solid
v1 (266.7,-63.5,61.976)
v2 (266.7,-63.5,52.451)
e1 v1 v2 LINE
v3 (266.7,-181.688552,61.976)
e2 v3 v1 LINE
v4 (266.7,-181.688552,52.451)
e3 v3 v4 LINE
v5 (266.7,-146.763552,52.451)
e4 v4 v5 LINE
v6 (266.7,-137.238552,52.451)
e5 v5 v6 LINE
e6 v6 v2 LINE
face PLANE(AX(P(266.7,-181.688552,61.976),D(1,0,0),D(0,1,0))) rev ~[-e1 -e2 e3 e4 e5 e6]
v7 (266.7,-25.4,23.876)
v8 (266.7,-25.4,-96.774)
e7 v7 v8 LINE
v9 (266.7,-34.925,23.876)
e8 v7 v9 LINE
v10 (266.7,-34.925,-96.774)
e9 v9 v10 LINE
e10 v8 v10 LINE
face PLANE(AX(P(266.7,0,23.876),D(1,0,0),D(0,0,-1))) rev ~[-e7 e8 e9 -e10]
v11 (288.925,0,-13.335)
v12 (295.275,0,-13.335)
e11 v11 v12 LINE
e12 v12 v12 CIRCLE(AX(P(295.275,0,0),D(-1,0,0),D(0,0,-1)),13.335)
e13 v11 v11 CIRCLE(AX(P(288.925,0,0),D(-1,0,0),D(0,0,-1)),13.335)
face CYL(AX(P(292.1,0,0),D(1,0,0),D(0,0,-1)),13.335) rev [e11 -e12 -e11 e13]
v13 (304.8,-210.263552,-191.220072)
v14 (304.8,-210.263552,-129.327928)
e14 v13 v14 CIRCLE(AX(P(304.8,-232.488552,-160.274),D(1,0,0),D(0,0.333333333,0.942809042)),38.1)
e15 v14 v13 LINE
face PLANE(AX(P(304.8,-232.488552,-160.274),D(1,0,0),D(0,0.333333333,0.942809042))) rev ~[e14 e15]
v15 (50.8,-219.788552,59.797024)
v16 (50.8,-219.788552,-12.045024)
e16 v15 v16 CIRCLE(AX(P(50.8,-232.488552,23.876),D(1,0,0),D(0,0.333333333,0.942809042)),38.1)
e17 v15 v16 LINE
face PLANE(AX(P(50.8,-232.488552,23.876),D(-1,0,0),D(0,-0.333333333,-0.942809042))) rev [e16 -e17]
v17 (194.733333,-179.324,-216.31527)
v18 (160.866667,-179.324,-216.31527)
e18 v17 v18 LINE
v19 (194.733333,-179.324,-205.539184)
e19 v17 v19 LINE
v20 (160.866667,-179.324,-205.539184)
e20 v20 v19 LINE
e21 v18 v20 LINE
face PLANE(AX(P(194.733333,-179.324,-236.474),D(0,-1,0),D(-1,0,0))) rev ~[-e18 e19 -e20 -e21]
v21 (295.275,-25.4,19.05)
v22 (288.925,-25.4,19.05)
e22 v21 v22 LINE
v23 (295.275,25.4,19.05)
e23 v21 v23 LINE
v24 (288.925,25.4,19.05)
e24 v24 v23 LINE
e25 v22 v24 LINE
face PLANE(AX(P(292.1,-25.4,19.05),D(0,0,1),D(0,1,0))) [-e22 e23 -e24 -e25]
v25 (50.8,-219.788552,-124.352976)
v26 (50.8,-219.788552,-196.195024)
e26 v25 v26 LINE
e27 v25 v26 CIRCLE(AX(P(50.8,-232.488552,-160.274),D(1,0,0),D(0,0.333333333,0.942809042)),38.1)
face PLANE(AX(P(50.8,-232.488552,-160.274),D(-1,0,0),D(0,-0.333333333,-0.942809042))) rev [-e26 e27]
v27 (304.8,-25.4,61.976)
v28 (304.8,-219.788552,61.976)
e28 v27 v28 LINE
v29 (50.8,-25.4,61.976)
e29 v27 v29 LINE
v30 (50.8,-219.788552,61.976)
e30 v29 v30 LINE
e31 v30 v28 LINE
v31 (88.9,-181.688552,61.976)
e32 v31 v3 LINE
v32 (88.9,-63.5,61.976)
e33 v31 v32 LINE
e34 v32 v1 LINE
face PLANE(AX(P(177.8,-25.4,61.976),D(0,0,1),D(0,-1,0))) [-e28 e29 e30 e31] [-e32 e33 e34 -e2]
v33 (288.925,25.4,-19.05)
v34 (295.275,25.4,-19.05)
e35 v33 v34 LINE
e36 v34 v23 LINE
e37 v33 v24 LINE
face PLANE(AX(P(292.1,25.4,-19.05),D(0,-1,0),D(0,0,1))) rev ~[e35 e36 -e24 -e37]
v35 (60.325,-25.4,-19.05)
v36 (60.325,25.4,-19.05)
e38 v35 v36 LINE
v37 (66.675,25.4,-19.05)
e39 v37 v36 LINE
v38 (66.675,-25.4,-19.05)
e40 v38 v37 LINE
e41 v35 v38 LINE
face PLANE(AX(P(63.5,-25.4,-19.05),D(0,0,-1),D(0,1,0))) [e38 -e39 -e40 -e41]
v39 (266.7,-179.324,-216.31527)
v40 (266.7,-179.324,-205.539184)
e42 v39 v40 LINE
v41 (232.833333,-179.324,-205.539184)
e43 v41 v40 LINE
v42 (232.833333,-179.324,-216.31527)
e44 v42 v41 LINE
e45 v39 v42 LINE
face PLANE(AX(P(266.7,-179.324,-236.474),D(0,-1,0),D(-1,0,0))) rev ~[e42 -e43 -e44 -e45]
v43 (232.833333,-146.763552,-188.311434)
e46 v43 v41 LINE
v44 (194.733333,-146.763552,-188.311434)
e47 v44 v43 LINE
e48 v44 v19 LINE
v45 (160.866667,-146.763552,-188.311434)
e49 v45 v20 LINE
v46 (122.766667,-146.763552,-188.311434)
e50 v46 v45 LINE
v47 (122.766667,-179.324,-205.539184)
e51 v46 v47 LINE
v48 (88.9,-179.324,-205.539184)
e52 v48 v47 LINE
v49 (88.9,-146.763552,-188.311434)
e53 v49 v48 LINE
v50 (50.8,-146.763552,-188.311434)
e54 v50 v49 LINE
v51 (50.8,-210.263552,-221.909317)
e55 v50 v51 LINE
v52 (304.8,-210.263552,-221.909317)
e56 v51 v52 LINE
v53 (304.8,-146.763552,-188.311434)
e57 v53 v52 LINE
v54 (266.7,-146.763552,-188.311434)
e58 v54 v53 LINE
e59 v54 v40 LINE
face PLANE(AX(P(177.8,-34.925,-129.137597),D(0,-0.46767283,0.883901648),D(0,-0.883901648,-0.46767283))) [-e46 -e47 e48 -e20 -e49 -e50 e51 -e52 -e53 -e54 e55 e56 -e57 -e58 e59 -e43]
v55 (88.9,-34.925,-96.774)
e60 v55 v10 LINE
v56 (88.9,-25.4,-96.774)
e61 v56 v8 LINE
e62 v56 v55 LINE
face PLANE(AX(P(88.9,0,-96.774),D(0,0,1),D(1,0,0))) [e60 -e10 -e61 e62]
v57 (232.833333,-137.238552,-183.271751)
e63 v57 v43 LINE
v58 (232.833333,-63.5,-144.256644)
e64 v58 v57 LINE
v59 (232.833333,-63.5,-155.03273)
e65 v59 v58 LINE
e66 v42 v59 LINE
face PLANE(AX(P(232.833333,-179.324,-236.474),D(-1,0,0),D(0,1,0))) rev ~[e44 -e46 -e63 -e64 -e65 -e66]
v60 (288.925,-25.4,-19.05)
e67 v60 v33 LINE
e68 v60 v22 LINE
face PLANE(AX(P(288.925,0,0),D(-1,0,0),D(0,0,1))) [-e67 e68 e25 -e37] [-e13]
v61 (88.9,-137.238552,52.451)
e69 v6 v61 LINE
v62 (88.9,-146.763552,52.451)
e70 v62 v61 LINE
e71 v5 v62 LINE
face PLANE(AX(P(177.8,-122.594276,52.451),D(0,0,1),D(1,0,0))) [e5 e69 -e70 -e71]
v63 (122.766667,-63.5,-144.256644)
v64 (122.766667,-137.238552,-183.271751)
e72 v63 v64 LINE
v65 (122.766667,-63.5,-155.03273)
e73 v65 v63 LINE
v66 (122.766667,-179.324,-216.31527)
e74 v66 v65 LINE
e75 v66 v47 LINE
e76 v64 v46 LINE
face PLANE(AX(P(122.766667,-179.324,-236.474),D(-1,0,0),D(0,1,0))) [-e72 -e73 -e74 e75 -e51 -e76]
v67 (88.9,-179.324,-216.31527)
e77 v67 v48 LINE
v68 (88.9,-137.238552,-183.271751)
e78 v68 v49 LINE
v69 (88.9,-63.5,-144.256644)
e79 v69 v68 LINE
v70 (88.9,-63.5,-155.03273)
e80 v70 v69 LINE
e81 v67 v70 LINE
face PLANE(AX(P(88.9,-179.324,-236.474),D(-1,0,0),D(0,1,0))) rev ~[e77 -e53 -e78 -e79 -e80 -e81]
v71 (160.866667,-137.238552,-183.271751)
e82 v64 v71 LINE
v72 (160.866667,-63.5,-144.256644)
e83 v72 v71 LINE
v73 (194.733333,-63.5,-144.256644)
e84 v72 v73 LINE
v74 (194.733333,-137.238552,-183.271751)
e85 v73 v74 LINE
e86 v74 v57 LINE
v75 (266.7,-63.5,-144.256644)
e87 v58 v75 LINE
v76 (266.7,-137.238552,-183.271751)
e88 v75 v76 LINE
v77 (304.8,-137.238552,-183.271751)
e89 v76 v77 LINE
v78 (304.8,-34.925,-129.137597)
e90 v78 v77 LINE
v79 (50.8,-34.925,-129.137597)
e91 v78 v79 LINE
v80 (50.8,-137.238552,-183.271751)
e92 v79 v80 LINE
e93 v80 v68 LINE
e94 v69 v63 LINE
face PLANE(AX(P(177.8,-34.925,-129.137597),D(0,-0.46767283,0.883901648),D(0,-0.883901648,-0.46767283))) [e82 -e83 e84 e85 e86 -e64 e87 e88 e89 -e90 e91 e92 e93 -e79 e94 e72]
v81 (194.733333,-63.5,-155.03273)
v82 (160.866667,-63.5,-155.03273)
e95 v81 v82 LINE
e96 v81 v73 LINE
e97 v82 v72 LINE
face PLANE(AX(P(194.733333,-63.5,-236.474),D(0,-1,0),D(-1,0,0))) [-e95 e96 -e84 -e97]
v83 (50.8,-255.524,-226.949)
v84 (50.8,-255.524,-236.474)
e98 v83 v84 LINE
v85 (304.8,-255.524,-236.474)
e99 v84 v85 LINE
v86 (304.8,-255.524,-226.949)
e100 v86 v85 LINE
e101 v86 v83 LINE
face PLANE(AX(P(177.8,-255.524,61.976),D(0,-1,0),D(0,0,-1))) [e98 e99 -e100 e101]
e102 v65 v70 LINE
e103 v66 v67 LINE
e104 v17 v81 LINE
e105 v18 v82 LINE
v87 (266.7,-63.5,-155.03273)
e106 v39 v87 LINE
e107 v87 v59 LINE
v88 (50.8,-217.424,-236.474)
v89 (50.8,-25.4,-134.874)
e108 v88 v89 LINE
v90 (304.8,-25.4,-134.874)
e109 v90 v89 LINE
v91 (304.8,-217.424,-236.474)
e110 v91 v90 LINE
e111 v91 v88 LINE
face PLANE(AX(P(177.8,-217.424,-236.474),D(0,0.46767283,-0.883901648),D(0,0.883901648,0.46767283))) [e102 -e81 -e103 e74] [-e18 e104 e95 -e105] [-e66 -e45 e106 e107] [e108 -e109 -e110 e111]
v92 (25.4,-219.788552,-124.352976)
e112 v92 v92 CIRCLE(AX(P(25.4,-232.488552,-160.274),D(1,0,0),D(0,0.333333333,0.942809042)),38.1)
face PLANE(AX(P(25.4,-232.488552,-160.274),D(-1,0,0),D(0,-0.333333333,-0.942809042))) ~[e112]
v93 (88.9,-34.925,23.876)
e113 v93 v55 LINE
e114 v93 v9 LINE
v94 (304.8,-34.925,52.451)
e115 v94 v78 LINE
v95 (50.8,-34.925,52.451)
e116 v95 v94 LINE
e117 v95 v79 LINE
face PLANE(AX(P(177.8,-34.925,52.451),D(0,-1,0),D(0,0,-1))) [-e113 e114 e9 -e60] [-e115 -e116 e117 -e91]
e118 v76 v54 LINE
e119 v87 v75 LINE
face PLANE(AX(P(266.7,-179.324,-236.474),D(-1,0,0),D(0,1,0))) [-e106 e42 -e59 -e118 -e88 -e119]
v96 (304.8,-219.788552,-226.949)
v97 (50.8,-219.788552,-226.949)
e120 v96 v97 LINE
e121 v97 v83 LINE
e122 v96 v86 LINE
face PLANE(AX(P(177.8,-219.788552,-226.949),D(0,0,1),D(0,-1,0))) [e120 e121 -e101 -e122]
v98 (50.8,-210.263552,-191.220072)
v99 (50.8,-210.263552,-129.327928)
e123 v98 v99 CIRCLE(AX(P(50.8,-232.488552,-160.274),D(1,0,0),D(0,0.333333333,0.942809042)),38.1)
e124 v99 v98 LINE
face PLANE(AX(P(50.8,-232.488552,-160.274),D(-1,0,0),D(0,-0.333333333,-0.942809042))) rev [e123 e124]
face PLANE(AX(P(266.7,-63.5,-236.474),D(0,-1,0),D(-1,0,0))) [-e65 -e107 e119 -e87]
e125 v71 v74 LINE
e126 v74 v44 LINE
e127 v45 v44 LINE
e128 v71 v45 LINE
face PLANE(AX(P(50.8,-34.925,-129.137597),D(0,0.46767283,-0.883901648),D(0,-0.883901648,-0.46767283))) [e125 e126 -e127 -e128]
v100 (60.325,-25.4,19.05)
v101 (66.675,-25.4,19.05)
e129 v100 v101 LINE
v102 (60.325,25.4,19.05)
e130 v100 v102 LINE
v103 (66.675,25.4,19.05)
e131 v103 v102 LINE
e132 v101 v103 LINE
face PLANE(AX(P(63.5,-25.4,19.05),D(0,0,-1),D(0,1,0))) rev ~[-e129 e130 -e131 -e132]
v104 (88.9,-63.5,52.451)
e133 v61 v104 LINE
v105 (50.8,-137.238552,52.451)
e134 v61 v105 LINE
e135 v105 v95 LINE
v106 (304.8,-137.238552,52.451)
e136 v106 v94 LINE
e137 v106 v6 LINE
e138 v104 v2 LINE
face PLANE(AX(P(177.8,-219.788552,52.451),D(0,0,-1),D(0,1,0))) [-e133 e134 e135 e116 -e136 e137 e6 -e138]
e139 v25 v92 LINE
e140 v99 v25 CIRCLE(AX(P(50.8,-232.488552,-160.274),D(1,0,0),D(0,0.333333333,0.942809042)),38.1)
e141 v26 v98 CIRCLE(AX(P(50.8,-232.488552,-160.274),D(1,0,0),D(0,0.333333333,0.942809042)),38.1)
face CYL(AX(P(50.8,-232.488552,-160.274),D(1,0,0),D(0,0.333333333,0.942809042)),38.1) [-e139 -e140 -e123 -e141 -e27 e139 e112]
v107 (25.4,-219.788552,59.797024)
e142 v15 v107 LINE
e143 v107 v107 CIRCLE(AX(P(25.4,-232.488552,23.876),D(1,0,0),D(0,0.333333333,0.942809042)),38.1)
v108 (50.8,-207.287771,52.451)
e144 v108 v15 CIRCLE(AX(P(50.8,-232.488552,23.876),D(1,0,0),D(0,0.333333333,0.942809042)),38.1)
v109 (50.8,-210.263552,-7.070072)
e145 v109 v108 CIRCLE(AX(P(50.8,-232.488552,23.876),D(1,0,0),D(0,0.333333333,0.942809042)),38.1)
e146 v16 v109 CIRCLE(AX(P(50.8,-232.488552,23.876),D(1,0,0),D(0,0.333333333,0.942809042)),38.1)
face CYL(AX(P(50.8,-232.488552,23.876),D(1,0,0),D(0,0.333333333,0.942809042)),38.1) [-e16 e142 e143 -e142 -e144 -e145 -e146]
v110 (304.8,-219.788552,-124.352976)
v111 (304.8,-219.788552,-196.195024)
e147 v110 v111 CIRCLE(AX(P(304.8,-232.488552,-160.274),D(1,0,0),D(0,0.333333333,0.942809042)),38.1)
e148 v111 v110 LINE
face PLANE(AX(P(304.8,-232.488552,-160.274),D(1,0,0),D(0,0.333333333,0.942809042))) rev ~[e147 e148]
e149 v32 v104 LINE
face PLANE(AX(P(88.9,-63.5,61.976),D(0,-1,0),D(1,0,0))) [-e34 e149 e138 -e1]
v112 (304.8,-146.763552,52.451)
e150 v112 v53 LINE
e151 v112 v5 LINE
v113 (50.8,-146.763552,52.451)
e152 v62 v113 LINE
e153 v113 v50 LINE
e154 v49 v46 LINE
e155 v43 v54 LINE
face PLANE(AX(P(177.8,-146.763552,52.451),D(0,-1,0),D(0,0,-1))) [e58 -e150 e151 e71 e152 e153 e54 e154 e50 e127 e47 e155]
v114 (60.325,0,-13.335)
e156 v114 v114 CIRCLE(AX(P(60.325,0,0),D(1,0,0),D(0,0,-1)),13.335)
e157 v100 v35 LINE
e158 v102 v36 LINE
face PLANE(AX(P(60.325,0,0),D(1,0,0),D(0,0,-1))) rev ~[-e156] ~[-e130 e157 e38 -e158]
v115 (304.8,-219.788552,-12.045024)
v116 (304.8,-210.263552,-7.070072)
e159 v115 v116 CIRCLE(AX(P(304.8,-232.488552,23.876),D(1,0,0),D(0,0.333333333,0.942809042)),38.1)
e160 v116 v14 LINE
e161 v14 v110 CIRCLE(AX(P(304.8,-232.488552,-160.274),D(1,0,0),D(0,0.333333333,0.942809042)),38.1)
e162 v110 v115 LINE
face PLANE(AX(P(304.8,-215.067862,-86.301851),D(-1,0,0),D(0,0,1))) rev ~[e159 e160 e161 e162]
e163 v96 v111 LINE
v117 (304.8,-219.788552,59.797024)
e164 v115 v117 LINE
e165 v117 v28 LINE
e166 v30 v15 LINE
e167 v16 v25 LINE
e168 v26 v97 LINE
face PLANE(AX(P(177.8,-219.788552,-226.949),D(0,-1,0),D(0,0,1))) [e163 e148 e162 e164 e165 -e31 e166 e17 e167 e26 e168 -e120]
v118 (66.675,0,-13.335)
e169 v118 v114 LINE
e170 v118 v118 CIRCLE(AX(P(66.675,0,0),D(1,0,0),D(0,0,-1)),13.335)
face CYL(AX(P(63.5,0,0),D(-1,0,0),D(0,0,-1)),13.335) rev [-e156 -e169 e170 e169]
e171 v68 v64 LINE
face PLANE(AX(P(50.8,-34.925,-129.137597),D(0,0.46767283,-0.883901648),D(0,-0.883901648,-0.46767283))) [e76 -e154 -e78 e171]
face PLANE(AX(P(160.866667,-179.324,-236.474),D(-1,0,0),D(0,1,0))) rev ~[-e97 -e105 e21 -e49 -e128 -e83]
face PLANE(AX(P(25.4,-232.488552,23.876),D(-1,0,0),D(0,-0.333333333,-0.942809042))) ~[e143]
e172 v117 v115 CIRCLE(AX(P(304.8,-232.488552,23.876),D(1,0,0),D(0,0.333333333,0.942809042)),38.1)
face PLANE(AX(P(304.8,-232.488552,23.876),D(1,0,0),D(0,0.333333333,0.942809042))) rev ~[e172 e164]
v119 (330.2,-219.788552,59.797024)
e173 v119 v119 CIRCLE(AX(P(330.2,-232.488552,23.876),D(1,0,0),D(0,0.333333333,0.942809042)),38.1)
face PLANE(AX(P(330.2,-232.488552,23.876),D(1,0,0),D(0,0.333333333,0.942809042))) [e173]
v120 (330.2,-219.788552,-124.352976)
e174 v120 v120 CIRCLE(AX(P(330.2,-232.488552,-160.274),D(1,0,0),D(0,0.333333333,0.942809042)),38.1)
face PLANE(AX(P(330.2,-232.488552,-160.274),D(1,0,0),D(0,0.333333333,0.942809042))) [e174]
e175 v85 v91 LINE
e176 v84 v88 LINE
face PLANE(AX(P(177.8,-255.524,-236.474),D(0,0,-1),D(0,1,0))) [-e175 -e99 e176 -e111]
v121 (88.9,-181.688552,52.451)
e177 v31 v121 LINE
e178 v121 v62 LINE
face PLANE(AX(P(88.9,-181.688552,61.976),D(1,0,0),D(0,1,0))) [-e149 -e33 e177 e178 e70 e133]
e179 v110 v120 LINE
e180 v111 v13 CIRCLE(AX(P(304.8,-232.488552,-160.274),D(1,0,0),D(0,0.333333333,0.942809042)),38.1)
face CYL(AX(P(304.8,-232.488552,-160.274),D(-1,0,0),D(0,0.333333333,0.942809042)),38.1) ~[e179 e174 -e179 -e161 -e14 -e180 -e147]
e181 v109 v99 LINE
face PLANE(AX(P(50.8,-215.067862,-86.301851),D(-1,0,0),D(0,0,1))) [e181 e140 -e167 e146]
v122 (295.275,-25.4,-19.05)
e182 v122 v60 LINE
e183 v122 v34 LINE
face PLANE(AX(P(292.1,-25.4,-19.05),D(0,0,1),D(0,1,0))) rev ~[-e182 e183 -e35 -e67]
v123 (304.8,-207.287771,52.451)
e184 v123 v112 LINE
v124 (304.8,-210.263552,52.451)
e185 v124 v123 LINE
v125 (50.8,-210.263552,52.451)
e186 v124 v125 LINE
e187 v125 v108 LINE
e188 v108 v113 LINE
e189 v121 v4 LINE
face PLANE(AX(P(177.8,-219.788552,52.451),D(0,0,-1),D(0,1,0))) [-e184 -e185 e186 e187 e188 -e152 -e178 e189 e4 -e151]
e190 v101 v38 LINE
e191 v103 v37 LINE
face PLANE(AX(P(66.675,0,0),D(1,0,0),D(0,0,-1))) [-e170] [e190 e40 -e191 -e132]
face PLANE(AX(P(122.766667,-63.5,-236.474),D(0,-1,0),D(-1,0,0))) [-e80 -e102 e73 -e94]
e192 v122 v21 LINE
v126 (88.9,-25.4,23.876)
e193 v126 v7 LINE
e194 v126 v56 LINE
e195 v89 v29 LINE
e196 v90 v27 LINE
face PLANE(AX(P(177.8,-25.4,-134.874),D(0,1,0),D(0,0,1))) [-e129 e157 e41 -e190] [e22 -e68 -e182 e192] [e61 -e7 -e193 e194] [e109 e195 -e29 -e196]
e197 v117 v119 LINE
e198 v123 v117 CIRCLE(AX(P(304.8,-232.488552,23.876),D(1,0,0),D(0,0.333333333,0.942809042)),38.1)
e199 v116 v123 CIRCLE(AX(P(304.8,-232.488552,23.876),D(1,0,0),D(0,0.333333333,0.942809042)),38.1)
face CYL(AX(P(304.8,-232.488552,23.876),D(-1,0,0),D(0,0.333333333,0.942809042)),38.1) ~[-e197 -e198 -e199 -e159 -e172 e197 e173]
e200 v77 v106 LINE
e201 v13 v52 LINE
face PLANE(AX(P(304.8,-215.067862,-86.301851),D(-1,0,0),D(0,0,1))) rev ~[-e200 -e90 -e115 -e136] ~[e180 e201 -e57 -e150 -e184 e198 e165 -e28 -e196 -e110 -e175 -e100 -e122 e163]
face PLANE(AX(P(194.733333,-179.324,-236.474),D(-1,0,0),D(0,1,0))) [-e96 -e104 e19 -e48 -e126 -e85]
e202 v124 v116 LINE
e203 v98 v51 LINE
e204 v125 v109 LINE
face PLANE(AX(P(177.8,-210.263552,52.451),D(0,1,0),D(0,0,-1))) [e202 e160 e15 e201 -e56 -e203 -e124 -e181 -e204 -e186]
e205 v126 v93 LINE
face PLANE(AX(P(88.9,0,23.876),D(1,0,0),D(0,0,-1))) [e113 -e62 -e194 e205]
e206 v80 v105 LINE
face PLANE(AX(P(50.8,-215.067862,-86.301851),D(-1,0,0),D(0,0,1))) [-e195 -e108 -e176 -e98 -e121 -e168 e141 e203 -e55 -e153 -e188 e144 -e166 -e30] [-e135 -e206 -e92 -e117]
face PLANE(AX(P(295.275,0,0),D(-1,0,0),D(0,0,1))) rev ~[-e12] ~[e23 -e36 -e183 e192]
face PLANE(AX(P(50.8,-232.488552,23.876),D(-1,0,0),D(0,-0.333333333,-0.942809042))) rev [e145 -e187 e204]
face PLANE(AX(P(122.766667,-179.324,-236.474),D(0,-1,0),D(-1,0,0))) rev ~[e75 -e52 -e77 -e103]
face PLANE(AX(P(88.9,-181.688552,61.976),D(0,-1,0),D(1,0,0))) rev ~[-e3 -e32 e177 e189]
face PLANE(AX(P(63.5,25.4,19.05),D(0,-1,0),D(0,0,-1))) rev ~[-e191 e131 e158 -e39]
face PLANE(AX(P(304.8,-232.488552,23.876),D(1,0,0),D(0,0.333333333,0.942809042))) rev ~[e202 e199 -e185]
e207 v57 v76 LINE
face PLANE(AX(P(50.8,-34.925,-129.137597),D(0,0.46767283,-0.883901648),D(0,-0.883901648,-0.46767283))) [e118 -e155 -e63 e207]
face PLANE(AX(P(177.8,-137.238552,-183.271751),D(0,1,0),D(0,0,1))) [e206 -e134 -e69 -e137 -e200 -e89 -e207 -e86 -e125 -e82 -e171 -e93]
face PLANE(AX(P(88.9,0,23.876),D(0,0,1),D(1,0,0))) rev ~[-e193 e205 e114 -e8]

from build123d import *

# Parameters (mm, degrees)
SKETCH2_W           = 38.1
SKETCH2_H           = 50.8
SKETCH2_R           = 13.335
BOSS_EXTRUDE2_DEPTH = 3.175
SKETCH4_W           = 38.1
SKETCH4_H           = 50.8
SKETCH4_R           = 13.335
BOSS_EXTRUDE3_DEPTH = 3.175
BOSS_EXTRUDE4_DEPTH = 127
CUT_EXTRUDE3_DEPTH  = 127
BOSS_EXTRUDE7_DEPTH = 127
SKETCH16_R          = 38.1
BOSS_EXTRUDE8_DEPTH = 25.4
CUT_EXTRUDE6_REACH  = 522.886
SKETCH19_W          = 33.866666667
SKETCH19_H          = 115.824
SKETCH19_W_2        = 33.866666666
SKETCH20_W          = 177.8
SKETCH20_H          = 120.65
CUT_EXTRUDE7_DEPTH  = 34.925
SKETCH22_W          = 177.8
SKETCH22_H          = 118.188552156
CUT_EXTRUDE8_DEPTH  = 9.525


with BuildPart() as part:
    # Sketch2 → Boss-Extrude2 (new, symmetric)
    with BuildSketch(Plane(origin=(63.5, 0, 0), x_dir=(0, 0, -1), z_dir=(1, 0, 0))):
        Rectangle(SKETCH2_W, SKETCH2_H)
        Circle(SKETCH2_R, mode=Mode.SUBTRACT)
    extrude(amount=BOSS_EXTRUDE2_DEPTH, both=True)



with BuildPart() as body_2:
    # Sketch4 → Boss-Extrude3 (new, symmetric)
    with BuildSketch(Plane(origin=(292.1, 0, -263.652), x_dir=(0, 0, 1), z_dir=(-1, 0, 0))):
        with Locations((263.652, 0)):
            Rectangle(SKETCH4_W, SKETCH4_H)
        with Locations(Location((263.652, 0, 0), (0, 0, 180))):
            Circle(SKETCH4_R, mode=Mode.SUBTRACT)
    extrude(amount=BOSS_EXTRUDE3_DEPTH, both=True)


with BuildPart() as part_1:
    add(part.part)

    add(body_2.part)  # Boss-Extrude4 merges body 2
    # Sketch6 → Boss-Extrude4 (add, symmetric)
    with BuildSketch(Plane(origin=(177.8, 0, 0), x_dir=(0, 0, -1), z_dir=(1, 0, 0))):
        Polygon((-19.05, -25.4), (-61.976, -25.4), (-61.976, -255.524), (236.474, -255.524), (236.474, -217.424), (134.874, -25.4), (19.05, -25.4), align=None)
    extrude(amount=BOSS_EXTRUDE4_DEPTH, both=True)

    # Sketch13 → Cut-Extrude3 (cut, symmetric)
    with BuildSketch(Plane(origin=(177.8, 0, 0), x_dir=(0, 0, -1), z_dir=(1, 0, 0))):
        Polygon((-52.451, -34.925), (129.137596743, -34.925), (226.949, -219.788552156), (226.949, -255.524), (-61.976, -255.524), (-61.976, -219.788552156), (-52.451, -219.788552156), align=None)
    extrude(amount=CUT_EXTRUDE3_DEPTH, both=True, mode=Mode.SUBTRACT)

    # Sketch14 → Boss-Extrude7 (add, symmetric)
    with BuildSketch(Plane(origin=(177.8, 0, 0), x_dir=(0, 0, -1), z_dir=(1, 0, 0))):
        Polygon((226.949, -219.788552156), (-52.451, -219.788552156), (-52.451, -210.263552156), (221.90931746, -210.263552156), align=None)
        Polygon((-52.451, -146.763552156), (188.311433862, -146.763552156), (183.271751323, -137.238552156), (-52.451, -137.238552156), align=None)
    extrude(amount=BOSS_EXTRUDE7_DEPTH, both=True)

    # Sketch16 → Boss-Extrude8 (add)
    with BuildSketch(Plane(origin=(304.8, 0, 0), x_dir=(0, 0, -1), z_dir=(1, 0, 0))):
        with Locations(Location((-23.876, -232.488552156, 0), (0, 0, 160.528779366))):
            Circle(SKETCH16_R)
        with Locations(Location((160.274, -232.488552156, 0), (0, 0, 160.528779366))):
            Circle(SKETCH16_R)
    boss_extrude8 = extrude(amount=BOSS_EXTRUDE8_DEPTH)

    # Mirror1: Boss-Extrude8 across plane
    add(boss_extrude8.mirror(Plane(origin=(177.8, 0, 0), x_dir=(0, 0, 1), z_dir=(1, 0, 0))))

    # Cut-Extrude6: up to this plane
    cut_extrude6_end = Plane(origin=(50.8, -34.925, -129.137596743), z_dir=(0, 0.46767282988430103, -0.8839016484813284))
    # Sketch19 → Cut-Extrude6 (cut, up to the surface)
    with BuildSketch(Plane(origin=(0, 0, -236.474), x_dir=(-1, 0, 0), z_dir=(0, 0, -1)), mode=Mode.PRIVATE) as cut_extrude6_sk1:
        with Locations((-249.766666666, -121.412)):
            Rectangle(SKETCH19_W, SKETCH19_H)
    cut_extrude6_tool1 = split(extrude(cut_extrude6_sk1.sketch, amount=-CUT_EXTRUDE6_REACH, mode=Mode.PRIVATE), bisect_by=cut_extrude6_end, keep=Keep.BOTH, mode=Mode.PRIVATE)
    add(cut_extrude6_tool1.solids().sort_by_distance((249.766667, -121.412, -236.474))[0], mode=Mode.SUBTRACT)
    # Sketch19 → Cut-Extrude6 (cut, up to the surface)
    with BuildSketch(Plane(origin=(0, 0, -236.474), x_dir=(-1, 0, 0), z_dir=(0, 0, -1)), mode=Mode.PRIVATE) as cut_extrude6_sk2:
        with Locations((-177.8, -121.412)):
            Rectangle(SKETCH19_W_2, SKETCH19_H)
    cut_extrude6_tool2 = split(extrude(cut_extrude6_sk2.sketch, amount=-CUT_EXTRUDE6_REACH, mode=Mode.PRIVATE), bisect_by=cut_extrude6_end, keep=Keep.BOTH, mode=Mode.PRIVATE)
    add(cut_extrude6_tool2.solids().sort_by_distance((177.8, -121.412, -236.474))[0], mode=Mode.SUBTRACT)
    # Sketch19 → Cut-Extrude6 (cut, up to the surface)
    with BuildSketch(Plane(origin=(0, 0, -236.474), x_dir=(-1, 0, 0), z_dir=(0, 0, -1)), mode=Mode.PRIVATE) as cut_extrude6_sk3:
        with Locations((-105.833333334, -121.412)):
            Rectangle(SKETCH19_W, SKETCH19_H)
    cut_extrude6_tool3 = split(extrude(cut_extrude6_sk3.sketch, amount=-CUT_EXTRUDE6_REACH, mode=Mode.PRIVATE), bisect_by=cut_extrude6_end, keep=Keep.BOTH, mode=Mode.PRIVATE)
    add(cut_extrude6_tool3.solids().sort_by_distance((105.833333, -121.412, -236.474))[0], mode=Mode.SUBTRACT)

    # Sketch20 → Cut-Extrude7 (cut)
    with BuildSketch(Plane(origin=(0, 0, 0), x_dir=(1, 0, 0), z_dir=(0, 1, 0))):
        with Locations((177.8, 36.449)):
            Rectangle(SKETCH20_W, SKETCH20_H)
    extrude(amount=-CUT_EXTRUDE7_DEPTH, mode=Mode.SUBTRACT)

    # Sketch22 → Cut-Extrude8 (cut)
    with BuildSketch(Plane.XY.offset(61.976)):
        with Locations((177.8, -122.594276078)):
            Rectangle(SKETCH22_W, SKETCH22_H)
    extrude(amount=-CUT_EXTRUDE8_DEPTH, mode=Mode.SUBTRACT)


solid = part_1.part
